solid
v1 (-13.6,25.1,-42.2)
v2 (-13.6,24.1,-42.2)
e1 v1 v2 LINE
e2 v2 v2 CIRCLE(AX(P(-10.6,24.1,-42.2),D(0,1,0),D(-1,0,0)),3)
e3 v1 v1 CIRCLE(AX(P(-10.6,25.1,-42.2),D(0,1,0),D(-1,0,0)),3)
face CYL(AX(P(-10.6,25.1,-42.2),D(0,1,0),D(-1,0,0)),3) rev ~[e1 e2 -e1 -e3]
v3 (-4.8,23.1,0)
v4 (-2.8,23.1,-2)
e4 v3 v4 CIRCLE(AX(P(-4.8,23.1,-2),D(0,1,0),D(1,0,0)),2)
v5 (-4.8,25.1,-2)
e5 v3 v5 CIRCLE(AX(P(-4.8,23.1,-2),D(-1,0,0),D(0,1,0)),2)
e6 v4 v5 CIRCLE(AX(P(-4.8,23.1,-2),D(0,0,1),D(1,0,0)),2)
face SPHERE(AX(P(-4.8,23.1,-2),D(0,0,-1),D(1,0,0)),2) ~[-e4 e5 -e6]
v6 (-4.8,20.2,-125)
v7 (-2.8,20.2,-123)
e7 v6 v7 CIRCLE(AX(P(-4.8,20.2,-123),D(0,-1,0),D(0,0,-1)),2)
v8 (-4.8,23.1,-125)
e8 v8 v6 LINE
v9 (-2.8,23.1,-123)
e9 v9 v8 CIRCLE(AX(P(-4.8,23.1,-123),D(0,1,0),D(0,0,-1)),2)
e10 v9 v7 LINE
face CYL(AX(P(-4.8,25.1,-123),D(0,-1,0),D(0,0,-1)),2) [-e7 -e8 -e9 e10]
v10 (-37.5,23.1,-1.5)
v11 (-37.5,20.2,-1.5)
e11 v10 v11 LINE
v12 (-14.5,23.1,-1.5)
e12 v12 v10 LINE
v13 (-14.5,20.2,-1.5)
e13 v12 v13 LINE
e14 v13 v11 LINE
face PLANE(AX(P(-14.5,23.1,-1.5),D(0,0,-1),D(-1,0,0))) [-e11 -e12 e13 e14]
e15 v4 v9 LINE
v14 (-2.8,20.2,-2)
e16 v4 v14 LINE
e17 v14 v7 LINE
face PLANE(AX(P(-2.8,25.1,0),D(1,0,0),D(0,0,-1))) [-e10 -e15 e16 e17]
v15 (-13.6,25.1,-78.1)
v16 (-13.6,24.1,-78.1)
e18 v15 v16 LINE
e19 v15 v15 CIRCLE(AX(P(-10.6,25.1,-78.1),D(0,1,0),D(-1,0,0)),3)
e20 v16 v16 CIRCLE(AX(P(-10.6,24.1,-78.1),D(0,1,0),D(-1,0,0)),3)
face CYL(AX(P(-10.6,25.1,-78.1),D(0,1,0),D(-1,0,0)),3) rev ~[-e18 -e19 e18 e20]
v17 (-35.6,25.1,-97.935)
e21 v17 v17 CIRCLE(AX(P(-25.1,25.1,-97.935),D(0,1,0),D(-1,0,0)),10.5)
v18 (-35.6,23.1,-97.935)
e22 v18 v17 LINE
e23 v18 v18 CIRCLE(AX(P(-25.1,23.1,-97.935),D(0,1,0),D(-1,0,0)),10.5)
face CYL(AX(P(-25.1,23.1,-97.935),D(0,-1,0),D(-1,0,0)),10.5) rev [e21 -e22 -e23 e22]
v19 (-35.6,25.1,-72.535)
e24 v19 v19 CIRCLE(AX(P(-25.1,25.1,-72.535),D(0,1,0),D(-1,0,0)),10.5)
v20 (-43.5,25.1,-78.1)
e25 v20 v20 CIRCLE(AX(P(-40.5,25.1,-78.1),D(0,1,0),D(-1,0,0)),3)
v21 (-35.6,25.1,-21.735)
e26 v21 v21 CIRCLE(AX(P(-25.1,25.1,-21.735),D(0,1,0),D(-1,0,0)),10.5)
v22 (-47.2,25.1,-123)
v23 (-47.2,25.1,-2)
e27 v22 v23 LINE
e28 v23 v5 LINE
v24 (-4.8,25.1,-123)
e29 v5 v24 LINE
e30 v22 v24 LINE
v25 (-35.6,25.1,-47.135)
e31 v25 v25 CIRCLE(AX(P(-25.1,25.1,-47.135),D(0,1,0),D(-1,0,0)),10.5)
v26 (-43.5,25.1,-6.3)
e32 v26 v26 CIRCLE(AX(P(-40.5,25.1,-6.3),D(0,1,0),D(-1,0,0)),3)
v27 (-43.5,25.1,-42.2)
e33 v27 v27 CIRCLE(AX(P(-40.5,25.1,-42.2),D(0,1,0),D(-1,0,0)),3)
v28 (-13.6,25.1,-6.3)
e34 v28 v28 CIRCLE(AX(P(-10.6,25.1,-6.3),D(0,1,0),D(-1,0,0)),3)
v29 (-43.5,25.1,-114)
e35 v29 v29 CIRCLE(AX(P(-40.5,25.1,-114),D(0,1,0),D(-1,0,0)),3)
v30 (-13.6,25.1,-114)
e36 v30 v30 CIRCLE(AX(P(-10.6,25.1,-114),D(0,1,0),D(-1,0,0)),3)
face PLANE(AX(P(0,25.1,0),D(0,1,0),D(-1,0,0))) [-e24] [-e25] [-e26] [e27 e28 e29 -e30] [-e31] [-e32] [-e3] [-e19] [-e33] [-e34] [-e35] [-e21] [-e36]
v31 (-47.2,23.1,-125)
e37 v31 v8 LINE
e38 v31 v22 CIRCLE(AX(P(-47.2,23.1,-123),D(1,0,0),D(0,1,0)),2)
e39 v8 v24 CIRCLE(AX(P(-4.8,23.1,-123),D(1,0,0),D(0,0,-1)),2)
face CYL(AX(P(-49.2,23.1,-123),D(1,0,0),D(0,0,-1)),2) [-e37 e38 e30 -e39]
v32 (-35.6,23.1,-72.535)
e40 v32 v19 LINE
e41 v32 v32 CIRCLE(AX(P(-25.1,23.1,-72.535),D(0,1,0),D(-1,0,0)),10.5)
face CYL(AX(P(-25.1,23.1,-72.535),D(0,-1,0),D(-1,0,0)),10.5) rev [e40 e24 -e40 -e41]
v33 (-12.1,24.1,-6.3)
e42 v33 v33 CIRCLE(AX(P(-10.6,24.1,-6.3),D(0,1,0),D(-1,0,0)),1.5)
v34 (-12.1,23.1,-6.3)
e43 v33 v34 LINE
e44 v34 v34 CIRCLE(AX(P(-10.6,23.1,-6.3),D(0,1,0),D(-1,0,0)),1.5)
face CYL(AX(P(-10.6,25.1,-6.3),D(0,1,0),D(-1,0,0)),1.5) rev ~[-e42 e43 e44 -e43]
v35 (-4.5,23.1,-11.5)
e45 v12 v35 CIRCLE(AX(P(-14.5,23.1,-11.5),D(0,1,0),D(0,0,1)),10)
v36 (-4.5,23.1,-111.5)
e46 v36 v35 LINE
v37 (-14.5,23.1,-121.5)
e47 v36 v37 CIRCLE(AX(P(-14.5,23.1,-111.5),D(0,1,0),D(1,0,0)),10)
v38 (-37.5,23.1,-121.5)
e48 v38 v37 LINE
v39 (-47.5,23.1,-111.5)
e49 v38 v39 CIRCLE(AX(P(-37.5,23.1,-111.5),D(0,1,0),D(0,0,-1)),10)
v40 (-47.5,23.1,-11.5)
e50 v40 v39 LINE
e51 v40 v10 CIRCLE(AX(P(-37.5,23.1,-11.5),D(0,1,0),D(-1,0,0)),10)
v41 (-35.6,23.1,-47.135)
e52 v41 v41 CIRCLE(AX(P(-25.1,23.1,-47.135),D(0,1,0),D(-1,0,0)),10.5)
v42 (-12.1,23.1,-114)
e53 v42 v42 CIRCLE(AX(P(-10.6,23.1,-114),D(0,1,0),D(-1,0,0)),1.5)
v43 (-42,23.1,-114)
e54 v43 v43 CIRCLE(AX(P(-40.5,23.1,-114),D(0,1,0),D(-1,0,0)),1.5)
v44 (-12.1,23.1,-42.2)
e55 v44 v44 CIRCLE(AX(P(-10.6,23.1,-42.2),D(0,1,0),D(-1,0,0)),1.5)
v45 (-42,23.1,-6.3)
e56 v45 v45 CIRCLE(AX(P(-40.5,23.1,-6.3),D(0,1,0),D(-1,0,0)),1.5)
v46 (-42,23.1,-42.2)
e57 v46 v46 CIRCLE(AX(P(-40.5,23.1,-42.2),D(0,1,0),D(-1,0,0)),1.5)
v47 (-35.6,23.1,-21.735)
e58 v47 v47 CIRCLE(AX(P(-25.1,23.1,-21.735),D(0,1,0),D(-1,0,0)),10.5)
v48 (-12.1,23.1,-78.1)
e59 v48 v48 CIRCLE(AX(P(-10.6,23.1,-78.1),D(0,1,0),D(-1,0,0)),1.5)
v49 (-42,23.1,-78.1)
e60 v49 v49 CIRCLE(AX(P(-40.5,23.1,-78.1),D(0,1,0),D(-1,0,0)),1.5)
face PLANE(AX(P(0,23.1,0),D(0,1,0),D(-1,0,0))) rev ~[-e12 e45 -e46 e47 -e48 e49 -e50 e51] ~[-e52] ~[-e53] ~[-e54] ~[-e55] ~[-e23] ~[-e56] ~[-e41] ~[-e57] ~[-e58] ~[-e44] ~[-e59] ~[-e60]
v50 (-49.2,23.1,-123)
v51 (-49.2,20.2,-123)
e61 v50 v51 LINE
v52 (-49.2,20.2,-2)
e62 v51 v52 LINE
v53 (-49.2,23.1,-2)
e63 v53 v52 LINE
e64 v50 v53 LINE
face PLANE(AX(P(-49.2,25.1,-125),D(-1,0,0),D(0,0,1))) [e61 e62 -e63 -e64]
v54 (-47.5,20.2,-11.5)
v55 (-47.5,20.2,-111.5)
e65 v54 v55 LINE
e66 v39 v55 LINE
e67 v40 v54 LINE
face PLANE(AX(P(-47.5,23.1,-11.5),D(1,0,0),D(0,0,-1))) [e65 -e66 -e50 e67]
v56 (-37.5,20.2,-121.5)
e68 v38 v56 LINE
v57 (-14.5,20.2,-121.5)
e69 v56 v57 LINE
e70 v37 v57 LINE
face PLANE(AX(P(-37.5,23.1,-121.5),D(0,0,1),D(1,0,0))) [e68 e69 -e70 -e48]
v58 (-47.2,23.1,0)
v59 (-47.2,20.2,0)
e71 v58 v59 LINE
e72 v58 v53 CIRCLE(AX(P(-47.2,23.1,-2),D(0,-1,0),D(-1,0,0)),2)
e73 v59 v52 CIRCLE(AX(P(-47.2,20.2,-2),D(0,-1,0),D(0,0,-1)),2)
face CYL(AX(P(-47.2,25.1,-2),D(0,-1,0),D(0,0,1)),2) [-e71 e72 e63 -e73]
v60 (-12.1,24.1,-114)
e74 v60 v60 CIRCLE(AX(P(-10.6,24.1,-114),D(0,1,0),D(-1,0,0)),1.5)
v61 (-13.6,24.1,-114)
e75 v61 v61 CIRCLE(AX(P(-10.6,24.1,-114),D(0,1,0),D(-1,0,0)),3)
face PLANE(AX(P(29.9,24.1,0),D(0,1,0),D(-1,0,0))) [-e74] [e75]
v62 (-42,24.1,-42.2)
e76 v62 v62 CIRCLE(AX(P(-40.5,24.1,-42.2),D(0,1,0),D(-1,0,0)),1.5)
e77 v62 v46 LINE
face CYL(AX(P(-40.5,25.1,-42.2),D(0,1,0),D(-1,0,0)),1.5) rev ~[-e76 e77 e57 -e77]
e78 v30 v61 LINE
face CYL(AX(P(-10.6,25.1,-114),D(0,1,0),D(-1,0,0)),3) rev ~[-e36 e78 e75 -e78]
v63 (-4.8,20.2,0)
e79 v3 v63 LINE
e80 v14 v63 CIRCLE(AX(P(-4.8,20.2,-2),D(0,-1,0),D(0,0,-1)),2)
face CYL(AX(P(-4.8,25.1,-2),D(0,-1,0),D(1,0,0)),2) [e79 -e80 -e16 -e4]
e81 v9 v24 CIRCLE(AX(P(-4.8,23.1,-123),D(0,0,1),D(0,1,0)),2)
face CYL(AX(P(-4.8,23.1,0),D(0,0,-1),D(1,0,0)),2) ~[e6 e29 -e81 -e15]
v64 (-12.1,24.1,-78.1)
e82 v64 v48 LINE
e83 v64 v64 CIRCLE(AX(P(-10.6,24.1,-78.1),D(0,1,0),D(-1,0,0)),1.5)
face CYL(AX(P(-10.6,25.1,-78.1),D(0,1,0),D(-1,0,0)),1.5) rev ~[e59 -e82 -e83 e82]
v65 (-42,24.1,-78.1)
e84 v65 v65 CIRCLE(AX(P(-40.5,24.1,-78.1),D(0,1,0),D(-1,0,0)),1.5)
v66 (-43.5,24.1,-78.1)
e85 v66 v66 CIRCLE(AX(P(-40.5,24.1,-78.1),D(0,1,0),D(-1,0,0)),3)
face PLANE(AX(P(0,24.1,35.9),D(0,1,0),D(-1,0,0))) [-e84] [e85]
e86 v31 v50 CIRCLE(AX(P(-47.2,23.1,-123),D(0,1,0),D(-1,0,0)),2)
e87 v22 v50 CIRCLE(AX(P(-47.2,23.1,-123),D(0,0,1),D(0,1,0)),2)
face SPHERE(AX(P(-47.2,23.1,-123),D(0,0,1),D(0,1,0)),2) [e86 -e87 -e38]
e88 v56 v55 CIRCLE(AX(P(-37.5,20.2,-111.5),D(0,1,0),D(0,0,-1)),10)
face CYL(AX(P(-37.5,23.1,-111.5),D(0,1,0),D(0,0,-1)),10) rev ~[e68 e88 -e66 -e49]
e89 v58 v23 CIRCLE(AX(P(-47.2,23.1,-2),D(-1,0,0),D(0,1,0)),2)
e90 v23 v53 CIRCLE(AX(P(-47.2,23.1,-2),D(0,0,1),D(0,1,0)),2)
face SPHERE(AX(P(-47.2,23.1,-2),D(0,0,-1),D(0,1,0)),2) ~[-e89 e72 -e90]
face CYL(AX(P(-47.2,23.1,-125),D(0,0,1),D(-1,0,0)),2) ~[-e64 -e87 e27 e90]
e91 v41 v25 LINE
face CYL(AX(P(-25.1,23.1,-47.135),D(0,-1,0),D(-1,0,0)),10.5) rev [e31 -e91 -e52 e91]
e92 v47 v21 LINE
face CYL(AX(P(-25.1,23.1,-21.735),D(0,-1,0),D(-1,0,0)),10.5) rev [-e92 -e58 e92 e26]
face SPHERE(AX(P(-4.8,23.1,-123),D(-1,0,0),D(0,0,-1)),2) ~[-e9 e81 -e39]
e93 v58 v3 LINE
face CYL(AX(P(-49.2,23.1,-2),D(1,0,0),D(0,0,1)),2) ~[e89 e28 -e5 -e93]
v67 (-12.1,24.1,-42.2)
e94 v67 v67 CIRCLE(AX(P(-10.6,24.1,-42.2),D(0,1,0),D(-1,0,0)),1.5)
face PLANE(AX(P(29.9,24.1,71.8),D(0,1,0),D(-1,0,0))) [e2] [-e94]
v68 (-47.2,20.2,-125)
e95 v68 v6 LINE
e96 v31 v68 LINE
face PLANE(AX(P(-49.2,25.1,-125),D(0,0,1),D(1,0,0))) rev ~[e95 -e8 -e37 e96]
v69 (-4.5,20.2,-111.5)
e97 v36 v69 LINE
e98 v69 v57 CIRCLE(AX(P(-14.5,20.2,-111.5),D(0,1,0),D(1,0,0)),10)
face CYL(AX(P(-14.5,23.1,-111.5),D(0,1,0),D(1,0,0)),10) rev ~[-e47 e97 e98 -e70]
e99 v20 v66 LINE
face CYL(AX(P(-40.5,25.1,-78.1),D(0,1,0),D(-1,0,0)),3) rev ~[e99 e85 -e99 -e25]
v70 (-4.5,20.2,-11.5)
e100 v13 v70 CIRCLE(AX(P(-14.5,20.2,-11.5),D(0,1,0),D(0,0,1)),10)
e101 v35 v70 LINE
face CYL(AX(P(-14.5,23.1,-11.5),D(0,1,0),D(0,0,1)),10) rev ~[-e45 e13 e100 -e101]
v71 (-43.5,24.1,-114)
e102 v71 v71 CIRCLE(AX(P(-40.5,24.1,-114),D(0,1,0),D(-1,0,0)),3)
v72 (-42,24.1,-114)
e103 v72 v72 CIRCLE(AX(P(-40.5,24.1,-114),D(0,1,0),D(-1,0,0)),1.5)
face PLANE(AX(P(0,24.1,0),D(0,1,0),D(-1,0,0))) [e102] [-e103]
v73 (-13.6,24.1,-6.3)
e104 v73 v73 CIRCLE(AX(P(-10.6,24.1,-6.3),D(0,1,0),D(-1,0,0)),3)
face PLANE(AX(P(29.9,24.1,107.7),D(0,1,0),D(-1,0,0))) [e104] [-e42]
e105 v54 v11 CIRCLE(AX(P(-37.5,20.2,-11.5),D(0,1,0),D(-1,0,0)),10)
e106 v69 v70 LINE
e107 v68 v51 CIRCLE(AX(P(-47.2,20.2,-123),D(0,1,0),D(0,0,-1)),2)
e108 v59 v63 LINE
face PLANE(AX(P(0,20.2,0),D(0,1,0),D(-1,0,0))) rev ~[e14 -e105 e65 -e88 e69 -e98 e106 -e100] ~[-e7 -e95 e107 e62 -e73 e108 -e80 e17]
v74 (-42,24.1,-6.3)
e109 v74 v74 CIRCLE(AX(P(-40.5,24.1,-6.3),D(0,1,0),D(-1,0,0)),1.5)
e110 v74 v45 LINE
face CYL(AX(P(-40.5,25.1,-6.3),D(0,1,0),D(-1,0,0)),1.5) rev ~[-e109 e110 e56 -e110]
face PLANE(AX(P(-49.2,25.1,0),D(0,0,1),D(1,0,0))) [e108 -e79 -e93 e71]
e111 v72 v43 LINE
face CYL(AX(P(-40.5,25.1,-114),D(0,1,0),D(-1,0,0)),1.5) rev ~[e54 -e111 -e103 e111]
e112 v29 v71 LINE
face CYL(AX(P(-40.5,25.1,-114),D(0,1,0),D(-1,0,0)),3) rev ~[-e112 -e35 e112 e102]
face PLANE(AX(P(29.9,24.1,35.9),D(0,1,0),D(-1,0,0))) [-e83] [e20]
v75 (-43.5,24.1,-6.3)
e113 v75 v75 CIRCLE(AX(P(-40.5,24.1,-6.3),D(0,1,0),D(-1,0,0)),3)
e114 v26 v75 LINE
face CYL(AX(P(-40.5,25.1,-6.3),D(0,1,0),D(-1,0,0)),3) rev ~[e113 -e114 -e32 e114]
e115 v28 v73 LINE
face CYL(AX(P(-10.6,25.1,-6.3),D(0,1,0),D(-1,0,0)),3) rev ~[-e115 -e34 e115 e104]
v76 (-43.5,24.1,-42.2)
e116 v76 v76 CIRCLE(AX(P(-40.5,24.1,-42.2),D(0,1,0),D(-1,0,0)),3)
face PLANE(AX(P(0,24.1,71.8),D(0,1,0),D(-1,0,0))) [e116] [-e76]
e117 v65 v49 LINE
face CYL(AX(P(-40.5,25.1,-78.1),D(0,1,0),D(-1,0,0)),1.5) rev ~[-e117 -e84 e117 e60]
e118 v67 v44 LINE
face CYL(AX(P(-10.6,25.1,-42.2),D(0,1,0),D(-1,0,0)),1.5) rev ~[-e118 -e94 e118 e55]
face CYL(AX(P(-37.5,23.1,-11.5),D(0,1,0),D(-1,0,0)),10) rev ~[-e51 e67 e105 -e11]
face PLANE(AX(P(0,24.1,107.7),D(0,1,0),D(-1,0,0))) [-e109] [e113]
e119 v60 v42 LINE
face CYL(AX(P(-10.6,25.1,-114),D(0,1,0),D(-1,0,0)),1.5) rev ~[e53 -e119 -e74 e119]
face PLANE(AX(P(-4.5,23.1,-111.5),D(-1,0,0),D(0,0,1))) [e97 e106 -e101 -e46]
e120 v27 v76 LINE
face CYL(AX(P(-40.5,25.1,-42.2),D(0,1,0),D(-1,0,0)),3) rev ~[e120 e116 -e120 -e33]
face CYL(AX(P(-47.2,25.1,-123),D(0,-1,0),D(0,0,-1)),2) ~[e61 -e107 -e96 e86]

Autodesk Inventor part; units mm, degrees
sketch "Sketch1" plane through (0, 0, 0) normal (0, 1, 0) x (-1, 0, 0)
  line L0 (2, 0) -> (102, 0)
  line L1 (104, -2) -> (104, -123)
  line L2 (102, -125) -> (2, -125)
  line L3 (0, -123) -> (0, -2)
  arc A0 (104, -2) -> (102, 0) centre (102, -2) ccw
  arc A1 (102, -125) -> (104, -123) centre (102, -123) ccw
  arc A2 (0, -123) -> (2, -125) centre (2, -123) ccw
  arc A3 (2, 0) -> (0, -2) centre (2, -2) ccw
  point P0 (0, 0)
  point P1 (104, -125)
  point P2 (0, -125)
  dimension "d0" = 104
  dimension "d1" = 125
  dimension "d2" = 2
  dimension "d3" = 2
extrude "Boîte extérieure" [suppressed]
fillet "Fillet1-Boîte extérieure" [suppressed]
ref_plane "Work Plane2 - PCB Vertical" through (0, 0, -62.5) normal (0, 0, 1) x (1, 0, 0)
ref_plane "Work Plane4 - Surface extérieure capteurs" through (0, 20.1, 0) normal (0, 1, 0) x (-1, 0, 0)
ref_plane "Work Plane6 - Fond creusé" through (0, 17, 0) normal (0, 1, 0) x (-1, 0, 0)
sketch "Sketch26" plane through (0, 20.1, 0) normal (0, 1, 0) x (-1, 0, 0)
  line L0 (16, -121) -> (36, -121)
  line L1 (47, -110) -> (47, -13)
  line L2 (36, -2) -> (16, -2)
  line L3 (5, -13) -> (5, -110)
  arc A0 (5, -110) -> (16, -121) centre (16, -110) ccw
  arc A1 (36, -121) -> (47, -110) centre (36, -110) ccw
  arc A2 (47, -13) -> (36, -2) centre (36, -13) ccw
  arc A3 (16, -2) -> (5, -13) centre (16, -13) ccw
  line L4 (0, -2) -> (0, -123) projected
  line L5 (0, -2) -> (0, -123) projected
  line L6 (104, -123) -> (104, -2) projected
  line L7 (2, -125) -> (102, -125) projected
  point P0 (0, 0)
  point P1 (47, -2)
  point P2 (47, -121)
  point P3 (5, -2)
  dimension "d158" = 42
  dimension "d159" = 119
  dimension "d160" = 11
  dimension "d161" = 5
  dimension "d186" = 4
extrude "Centreur Echantillonnage actif" [suppressed]
sketch "Sketch 22" plane through (0, 17, 0) normal (0, 1, 0) x (-1, 0, 0)
  circle A0 centre (25.1, -19.83) radius 16.5
  line L0 (99, -5) -> (99, -120) projected
  line L1 (9, -5) -> (99, -5) projected
  circle A1 centre (25.1, -47.135) radius 10.5
  circle A2 centre (25.1, -72.535) radius 10.5
  circle A3 centre (25.1, -99.84) radius 16.5
  line L2 (102, 0) -> (2, 0) projected
  line L3 (0, -2) -> (0, -123) projected
  line L4 (2, -125) -> (102, -125) projected
  point P0 (0, 0)
  point P1 (99, -12.0721)
  point P2 (99, -58.79)
  point P3 (16.07, -5)
  point P4 (91.93, -5)
  dimension "d124" = 33
  dimension "d126" = 14.83
  dimension "d140" = 21
  dimension "d141" = 27.305
  dimension "d142" = 21
  dimension "d143" = 25.4
  dimension "d144" = 33
  dimension "d145" = 27.305
  dimension "d196" = 73.9
  dimension "d258" = 19.83
  dimension "d259" = 25.1
  dimension "d260" = 25.16
extrude "Sensor A/Miniature or Sensoric" [suppressed]
sketch "Sketch35" plane through (0, 20.1, 0) normal (0, 1, 0) x (-1, 0, 0)
  circle A0 centre (40.5, -114) radius 1
  line L0 (47, -110) -> (47, -13) projected
  line L1 (16, -121) -> (36, -121) projected
  point P0 (0, 0)
  dimension "d235" = 2
  dimension "d244" = 6.5
  dimension "d245" = 7
extrude "Vis Centreur Chapeau" [suppressed]
pattern_linear "Rectangular Pattern3" [suppressed]
ref_plane "Work Plane10 - Chapeau ext." through (0, 25.1, 0) normal (0, 1, 0) x (-1, 0, 0)
sketch "Sketch36" plane through (0, 25.1, 0) normal (0, 1, 0) x (-1, 0, 0)
  line L0 (102, -125) -> (2, -125)
  line L1 (102, 0) -> (2, 0) projected
  line L2 (2.8, -125) -> (49.2, -125)
  line L3 (49.2, -125) -> (49.2, 0)
  line L4 (49.2, 0) -> (2.8, 0)
  line L5 (2.8, 0) -> (2.8, -125)
  line L6 (47, -110) -> (47, -13) projected
  point P0 (0, 0)
  dimension "d247" = 46.4
  dimension "d252" = 125
extrude "Chapeau" add sketch "Sketch36" against normal blind 4.9
fillet "Fillet10" radius 2 8 edges at (-49.2, 25.1, -62.5) (-26, 25.1, -125) (-49.2, 22.65, -125) (-2.8, 22.65, -125) (-2.8, 25.1, -62.5) (-2.8, 22.65, 0) (-26, 25.1, 0) (-49.2, 22.65, 0)
ref_plane "Work Plane11 - Haut capteurs shields" through (0, 23.1, 0) normal (0, 1, 0) x (-1, 0, 0)
sketch "Sketch37" plane through (0, 23.1, 0) normal (0, 1, 0) x (-1, 0, 0)
  line L0 (14.5, -1.5) -> (37.5, -1.5)
  line L1 (47.5, -11.5) -> (47.5, -111.5)
  line L2 (37.5, -121.5) -> (14.5, -121.5)
  line L3 (4.5, -111.5) -> (4.5, -11.5)
  line L4 (4.8, 0) -> (47.2, 0) projected
  line L5 (2.8, -123) -> (2.8, -2) projected
  line L6 (47.2, -125) -> (4.8, -125) projected
  arc A0 (4.5, -111.5) -> (14.5, -121.5) centre (14.5, -111.5) ccw
  arc A1 (37.5, -121.5) -> (47.5, -111.5) centre (37.5, -111.5) ccw
  arc A2 (47.5, -11.5) -> (37.5, -1.5) centre (37.5, -11.5) ccw
  arc A3 (14.5, -1.5) -> (4.5, -11.5) centre (14.5, -11.5) ccw
  point P0 (0, 0)
  point P1 (4.5, -1.5)
  point P2 (47.5, -121.5)
  point P3 (47.5, -1.5)
  point P4 (4.5, -121.5)
  dimension "d254" = 43
  dimension "d255" = 120
  dimension "d257" = 1.7
  dimension "d263" = 3.5
  dimension "d264" = 10
extrude "Creusement interne pour passage Centreur" cut sketch "Sketch37" against normal blind 2.9
sketch "Sketch41" plane through (0, 25.1, 0) normal (0, 1, 0) x (-1, 0, 0)
  circle A0 centre (40.5, -114) radius 1.5
  point P0 (0, 0)
  dimension "d276" = 3
extrude "Alesage de vissage chapeau" cut sketch "Sketch41" against normal blind 2
sketch "Sketch38" plane through (0, 23.1, 0) normal (0, 1, 0) x (-1, 0, 0)
  line L0 (47.2, -125) -> (4.8, -125) projected
  line L1 (4.8, 0) -> (47.2, 0) projected
  circle A0 centre (25.1, -97.935) radius 8.25
  circle A1 centre (25.1, -72.535) radius 8.25
  circle A2 centre (25.1, -47.135) radius 8.25
  point P0 (0, 0)
  point P1 (25.1, -99.84)
  point P2 (25.1, -19.83)
  point P3 (25.1, -21.735)
  dimension "d265" = 25.16
  dimension "d266" = 27.305
  dimension "d267" = 25.4
  dimension "d268" = 27.305
  dimension "d269" = 19.83
  dimension "d270" = 27.065
  dimension "d271" = 25.4
  dimension "d272" = 25.4
  dimension "d273" = 21.735
  dimension "d300" = 16.5
  dimension "d301" = 16.5
  dimension "d302" = 16.5
pattern_linear "Alesages de vissages chapeau" count 2 spacing 29.9 along (1, 0, 0) count 4 spacing 35.9 along (0, 0, 1) of "Alesage de vissage chapeau"
sketch "Sketch44" plane through (0, 25.1, 0) normal (0, 1, 0) x (-1, 0, 0)
  circle A0 centre (40.5, -114) radius 3
  point P0 (0, 0)
  dimension "d291" = 6
extrude "Epaulement tête de vis" cut sketch "Sketch44" against normal blind 1
pattern_linear "Epaulements tête de vis" count 2 spacing 29.9 along (1, 0, 0) count 4 spacing -35.9 along (0, 0, -1) of "Epaulement tête de vis"
sketch "Sketch45" plane through (0, 23.1, 0) normal (0, 1, 0) x (-1, 0, 0)
  circle A0 centre (25.1, -97.935) radius 10.5
  circle A1 centre (25.1, -72.535) radius 10.5
  circle A2 centre (25.1, -47.135) radius 10.5
  circle A3 centre (25.1, -21.735) radius 10.5
  point P0 (0, 0)
  dimension "d303" = 21
  dimension "d304" = 21
  dimension "d305" = 21
  dimension "d308" = 21
extrude "ALesages capteurs" cut sketch "Sketch45" along normal blind 2
properties part number "160409 Sensor cover A_Miniature - A_Miniature - A_Miniature - A_Miniature - R23"
